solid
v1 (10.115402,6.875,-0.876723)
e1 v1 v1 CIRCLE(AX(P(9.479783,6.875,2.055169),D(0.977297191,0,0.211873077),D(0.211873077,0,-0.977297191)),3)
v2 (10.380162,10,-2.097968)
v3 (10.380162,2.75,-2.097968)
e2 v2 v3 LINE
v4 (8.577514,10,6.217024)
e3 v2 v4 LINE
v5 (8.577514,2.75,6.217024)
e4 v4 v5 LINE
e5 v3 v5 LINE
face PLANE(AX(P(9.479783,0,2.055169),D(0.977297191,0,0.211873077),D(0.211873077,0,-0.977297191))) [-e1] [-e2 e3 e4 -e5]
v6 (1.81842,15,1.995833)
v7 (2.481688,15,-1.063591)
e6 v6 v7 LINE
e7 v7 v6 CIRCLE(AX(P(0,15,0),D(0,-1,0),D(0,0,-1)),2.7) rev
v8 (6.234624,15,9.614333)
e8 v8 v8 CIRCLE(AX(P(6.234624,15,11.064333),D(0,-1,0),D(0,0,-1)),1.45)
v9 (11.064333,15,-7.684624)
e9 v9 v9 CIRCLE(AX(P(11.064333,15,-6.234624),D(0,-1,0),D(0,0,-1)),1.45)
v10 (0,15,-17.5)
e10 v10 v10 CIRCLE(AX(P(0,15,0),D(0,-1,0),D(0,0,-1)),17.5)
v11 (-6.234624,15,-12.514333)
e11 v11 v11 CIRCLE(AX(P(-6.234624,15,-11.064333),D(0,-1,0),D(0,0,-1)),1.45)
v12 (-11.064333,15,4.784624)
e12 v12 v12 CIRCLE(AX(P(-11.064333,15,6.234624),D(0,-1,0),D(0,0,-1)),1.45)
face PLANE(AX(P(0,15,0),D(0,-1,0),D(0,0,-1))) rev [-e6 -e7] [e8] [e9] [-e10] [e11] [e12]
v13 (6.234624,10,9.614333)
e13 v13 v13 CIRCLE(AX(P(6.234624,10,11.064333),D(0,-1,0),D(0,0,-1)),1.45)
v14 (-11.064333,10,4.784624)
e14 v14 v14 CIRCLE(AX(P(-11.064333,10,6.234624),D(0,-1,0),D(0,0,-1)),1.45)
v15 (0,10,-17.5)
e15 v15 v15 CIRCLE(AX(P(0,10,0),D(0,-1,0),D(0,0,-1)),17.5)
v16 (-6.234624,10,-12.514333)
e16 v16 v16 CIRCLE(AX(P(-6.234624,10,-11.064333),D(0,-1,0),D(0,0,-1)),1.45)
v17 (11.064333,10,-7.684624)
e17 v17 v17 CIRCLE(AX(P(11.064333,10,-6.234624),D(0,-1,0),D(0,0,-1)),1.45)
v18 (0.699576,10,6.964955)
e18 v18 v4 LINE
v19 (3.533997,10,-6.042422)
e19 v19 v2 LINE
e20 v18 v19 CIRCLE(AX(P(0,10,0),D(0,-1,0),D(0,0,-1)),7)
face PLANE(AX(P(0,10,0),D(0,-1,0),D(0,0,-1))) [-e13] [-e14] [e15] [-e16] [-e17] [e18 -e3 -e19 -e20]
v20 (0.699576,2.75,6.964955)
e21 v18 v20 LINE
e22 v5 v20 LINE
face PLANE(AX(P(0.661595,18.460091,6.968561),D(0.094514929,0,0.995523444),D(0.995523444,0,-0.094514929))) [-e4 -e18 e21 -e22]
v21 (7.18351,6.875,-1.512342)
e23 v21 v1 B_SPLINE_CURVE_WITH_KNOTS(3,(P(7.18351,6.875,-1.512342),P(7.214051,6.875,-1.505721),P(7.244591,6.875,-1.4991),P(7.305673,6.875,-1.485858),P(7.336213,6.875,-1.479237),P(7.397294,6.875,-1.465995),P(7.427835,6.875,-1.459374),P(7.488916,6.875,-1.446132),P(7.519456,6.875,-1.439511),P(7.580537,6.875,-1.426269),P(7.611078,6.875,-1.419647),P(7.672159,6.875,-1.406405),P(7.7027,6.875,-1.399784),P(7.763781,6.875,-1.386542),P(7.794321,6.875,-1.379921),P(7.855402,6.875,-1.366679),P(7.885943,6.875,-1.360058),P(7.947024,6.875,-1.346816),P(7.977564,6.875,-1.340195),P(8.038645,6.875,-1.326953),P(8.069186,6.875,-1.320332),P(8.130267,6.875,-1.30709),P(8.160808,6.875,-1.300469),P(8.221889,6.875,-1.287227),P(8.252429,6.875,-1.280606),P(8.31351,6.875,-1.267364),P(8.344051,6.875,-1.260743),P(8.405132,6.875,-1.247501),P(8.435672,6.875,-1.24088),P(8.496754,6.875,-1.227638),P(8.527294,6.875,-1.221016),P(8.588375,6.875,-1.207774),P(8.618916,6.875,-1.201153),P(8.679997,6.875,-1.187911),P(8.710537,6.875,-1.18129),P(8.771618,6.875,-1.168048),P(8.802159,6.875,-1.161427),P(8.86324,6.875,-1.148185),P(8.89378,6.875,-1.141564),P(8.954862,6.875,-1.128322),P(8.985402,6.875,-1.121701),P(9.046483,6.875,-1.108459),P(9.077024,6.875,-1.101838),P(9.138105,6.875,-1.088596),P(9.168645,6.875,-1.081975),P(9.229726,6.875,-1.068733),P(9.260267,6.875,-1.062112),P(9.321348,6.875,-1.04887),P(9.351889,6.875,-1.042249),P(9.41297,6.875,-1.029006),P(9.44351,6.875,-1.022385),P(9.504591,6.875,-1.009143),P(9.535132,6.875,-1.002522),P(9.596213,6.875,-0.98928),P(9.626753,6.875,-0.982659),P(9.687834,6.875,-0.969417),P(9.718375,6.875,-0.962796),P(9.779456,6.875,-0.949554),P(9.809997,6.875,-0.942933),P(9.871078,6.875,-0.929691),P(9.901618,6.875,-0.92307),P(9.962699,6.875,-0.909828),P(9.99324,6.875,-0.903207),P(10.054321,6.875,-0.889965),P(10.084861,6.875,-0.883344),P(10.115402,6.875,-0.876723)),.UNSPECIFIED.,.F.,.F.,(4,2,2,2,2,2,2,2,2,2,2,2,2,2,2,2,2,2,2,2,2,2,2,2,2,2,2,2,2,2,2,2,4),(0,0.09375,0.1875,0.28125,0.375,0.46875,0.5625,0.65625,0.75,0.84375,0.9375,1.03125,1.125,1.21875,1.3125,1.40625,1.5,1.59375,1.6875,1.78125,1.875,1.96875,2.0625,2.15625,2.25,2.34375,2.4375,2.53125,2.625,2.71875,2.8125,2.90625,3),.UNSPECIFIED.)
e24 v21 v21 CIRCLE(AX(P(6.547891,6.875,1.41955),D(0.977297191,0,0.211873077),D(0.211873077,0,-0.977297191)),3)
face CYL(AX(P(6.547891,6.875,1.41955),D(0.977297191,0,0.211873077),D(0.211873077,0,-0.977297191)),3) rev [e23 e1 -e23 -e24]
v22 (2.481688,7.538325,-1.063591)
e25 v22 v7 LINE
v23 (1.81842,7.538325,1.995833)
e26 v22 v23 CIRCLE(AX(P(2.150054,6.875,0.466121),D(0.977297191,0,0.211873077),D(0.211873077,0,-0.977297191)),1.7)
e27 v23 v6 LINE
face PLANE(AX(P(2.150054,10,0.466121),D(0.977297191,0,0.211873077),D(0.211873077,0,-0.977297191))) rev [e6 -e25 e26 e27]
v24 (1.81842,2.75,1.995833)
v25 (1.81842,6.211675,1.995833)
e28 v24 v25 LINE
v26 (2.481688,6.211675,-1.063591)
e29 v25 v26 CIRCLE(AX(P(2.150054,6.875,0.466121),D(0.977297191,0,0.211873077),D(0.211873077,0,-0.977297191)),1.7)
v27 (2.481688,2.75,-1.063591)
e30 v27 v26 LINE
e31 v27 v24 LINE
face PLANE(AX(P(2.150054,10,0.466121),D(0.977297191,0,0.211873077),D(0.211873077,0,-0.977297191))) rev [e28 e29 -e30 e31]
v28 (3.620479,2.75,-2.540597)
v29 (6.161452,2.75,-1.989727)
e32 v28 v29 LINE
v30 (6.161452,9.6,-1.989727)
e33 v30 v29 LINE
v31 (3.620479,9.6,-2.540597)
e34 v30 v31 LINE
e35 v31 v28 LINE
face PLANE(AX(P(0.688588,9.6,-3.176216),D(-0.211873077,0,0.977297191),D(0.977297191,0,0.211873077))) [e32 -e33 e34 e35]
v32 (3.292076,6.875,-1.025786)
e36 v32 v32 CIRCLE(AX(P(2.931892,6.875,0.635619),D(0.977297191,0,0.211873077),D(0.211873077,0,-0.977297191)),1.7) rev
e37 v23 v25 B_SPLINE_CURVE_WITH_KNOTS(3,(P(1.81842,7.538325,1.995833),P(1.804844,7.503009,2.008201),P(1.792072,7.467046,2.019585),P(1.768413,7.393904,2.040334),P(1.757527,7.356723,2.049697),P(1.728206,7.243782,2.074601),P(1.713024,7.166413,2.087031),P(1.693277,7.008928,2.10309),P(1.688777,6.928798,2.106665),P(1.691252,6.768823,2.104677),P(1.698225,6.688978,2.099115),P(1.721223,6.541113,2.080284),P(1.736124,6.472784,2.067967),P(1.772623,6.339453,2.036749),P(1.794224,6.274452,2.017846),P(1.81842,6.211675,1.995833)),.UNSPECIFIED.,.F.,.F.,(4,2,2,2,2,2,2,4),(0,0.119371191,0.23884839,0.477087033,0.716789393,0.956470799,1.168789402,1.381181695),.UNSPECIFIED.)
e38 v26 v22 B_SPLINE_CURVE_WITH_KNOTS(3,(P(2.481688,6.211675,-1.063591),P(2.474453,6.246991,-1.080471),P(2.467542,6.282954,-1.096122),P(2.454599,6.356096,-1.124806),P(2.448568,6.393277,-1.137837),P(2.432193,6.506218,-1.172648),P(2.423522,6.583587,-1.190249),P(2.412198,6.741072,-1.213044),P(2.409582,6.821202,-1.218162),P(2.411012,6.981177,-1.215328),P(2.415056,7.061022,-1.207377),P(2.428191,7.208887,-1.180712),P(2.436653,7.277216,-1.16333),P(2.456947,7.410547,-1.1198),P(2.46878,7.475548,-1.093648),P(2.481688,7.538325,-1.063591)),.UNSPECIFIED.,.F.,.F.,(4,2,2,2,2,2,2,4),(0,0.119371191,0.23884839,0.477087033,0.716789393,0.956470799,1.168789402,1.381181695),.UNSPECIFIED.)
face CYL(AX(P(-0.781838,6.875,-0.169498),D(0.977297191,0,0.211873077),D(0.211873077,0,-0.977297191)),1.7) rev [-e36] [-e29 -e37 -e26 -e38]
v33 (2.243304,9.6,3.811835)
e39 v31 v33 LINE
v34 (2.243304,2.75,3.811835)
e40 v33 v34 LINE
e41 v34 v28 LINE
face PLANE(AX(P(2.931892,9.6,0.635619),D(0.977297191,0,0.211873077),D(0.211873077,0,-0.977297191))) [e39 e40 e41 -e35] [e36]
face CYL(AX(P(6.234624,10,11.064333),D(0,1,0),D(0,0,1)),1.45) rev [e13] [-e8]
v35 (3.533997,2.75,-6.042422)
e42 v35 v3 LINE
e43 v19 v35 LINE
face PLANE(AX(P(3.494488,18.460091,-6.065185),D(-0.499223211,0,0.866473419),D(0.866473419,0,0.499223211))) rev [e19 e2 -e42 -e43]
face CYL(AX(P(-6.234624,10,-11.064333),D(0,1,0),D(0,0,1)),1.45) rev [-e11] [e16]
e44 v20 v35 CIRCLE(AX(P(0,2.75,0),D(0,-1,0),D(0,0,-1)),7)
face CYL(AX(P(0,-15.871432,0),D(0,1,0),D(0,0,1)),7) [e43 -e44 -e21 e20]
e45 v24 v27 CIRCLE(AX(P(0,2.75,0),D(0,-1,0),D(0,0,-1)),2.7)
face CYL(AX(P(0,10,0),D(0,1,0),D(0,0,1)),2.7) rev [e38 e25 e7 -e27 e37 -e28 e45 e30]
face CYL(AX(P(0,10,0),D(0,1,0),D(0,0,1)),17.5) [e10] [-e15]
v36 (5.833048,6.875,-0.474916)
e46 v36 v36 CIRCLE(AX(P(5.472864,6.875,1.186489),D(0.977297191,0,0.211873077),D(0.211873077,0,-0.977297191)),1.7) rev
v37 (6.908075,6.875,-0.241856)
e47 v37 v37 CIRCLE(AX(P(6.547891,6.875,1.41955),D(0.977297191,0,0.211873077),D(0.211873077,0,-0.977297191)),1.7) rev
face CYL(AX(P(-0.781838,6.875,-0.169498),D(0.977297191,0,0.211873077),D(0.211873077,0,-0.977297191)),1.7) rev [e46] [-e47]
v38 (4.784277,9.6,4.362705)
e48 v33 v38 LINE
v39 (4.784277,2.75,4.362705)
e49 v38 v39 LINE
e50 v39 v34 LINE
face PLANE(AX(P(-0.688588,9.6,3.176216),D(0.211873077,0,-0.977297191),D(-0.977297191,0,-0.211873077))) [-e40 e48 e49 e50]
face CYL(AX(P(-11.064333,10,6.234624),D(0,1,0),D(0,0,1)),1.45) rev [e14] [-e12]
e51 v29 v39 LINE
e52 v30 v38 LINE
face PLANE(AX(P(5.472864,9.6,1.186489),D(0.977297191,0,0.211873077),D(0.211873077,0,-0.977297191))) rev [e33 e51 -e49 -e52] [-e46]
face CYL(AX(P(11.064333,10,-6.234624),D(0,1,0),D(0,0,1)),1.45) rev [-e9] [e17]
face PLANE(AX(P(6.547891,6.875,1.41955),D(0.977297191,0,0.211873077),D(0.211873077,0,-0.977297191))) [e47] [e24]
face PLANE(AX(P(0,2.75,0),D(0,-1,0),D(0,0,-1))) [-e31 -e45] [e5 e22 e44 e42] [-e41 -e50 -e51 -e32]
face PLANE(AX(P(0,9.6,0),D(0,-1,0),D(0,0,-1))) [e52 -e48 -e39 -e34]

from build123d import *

# Parameters (mm, degrees)
SKETCH1_R           = 17.5
SKETCH1_R_2         = 1.45
BOSS_EXTRUDE1_DEPTH = 5
BOSS_EXTRUDE2_DEPTH = 6.25
CUT_EXTRUDE1_DEPTH  = 7
CUT_EXTRUDE2_DEPTH  = 5.85
BOSS_EXTRUDE3_START = 2
SKETCH5_W           = 6.504597346
SKETCH5_H           = 6.25
SKETCH5_R           = 1.7
BOSS_EXTRUDE3_DEPTH = 2
SKETCH6_R           = 3
CUT_EXTRUDE3_DEPTH  = 1.5
BOSS_EXTRUDE4_START = 1.5
SKETCH7_W           = 6.508151024
SKETCH7_H           = 6.25
SKETCH7_R           = 3
BOSS_EXTRUDE4_DEPTH = 1.5
BOSS_EXTRUDE5_START = -6.25
BOSS_EXTRUDE5_DEPTH = 6.25
BOSS_EXTRUDE6_DEPTH = 1


with BuildPart() as part:
    # Sketch1 → Boss-Extrude1 (new body)
    with BuildSketch(Plane.XZ.offset(-15)):
        with Locations(Location((0, 0, 0), (0, 0, 270))):
            Circle(SKETCH1_R)
        with Locations(Location((-6.234624063, -11.064332912, 0), (0, 0, 270))):
            Circle(SKETCH1_R_2, mode=Mode.SUBTRACT)
        with Locations(Location((11.064332912, -6.234624063, 0), (0, 0, 270))):
            Circle(SKETCH1_R_2, mode=Mode.SUBTRACT)
        with Locations(Location((-11.064332912, 6.234624063, 0), (0, 0, 270))):
            Circle(SKETCH1_R_2, mode=Mode.SUBTRACT)
        with BuildLine():
            ThreePointArc((2.481687642, -1.063591298), (-2.638702415, -0.572057308), (1.818419998, 1.995832837))
            Line((1.818419998, 1.995832837), (1.856473873, 1.82030348))
            Line((1.856473873, 1.82030348), (2.443633767, -0.888061941))
            Line((2.443633767, -0.888061941), (2.481687642, -1.063591298))
        make_face(mode=Mode.SUBTRACT)
        with Locations(Location((6.234624063, 11.064332912, 0), (0, 0, 270))):
            Circle(SKETCH1_R_2, mode=Mode.SUBTRACT)
    extrude(amount=BOSS_EXTRUDE1_DEPTH)

    # Sketch2 → Boss-Extrude2 (add)
    with BuildSketch(Plane.XZ.offset(-10)):
        with BuildLine():
            Line((6.747748589, -1.862226887), (6.059242583, 1.313613078))
            Line((6.059242583, 1.313613078), (5.370736577, 4.489453042))
            ThreePointArc((5.370736577, 4.489453042), (-5.837040783, 3.863800576), (-2.034603986, -6.697789682))
            ThreePointArc((-2.034603986, -6.697789682), (-1.550245392, -6.826180427), (-1.05794298, -6.919592232))
            ThreePointArc((-1.05794298, -6.919592232), (1.483111539, -6.841080336), (3.828542975, -5.860226846))
            ThreePointArc((3.828542975, -5.860226846), (4.323739448, -5.505022905), (4.786164678, -5.108094329))
            ThreePointArc((4.786164678, -5.108094329), (5.990968426, -3.620538264), (6.747748589, -1.862226887))
        make_face()
        with BuildLine():
            ThreePointArc((2.481687642, -1.063591298), (-2.638702415, -0.572057308), (1.818419998, 1.995832837))
            Line((1.818419998, 1.995832837), (2.481687642, -1.063591298))
        make_face(mode=Mode.SUBTRACT)
    extrude(amount=BOSS_EXTRUDE2_DEPTH)

    # Sketch3 → Cut-Extrude1 (cut)
    with BuildSketch(Plane(origin=(6.059242583, 0, 1.313613078), x_dir=(0.21187307702941563, 0, -0.9772971908432395), z_dir=(0.9772971908432395, 0, 0.21187307702941563))):
        with BuildLine():
            ThreePointArc((0, 8.575), (-1.7, 6.875), (0, 5.175))
            Line((0, 5.175), (0, 8.575))
        make_face()
        with BuildLine():
            Line((0, 8.575), (0, 5.175))
            ThreePointArc((0, 5.175), (1.202081528, 5.672918472), (1.7, 6.875))
            ThreePointArc((1.7, 6.875), (1.202081528, 8.077081528), (0, 8.575))
        make_face()
    extrude(amount=-CUT_EXTRUDE1_DEPTH, mode=Mode.SUBTRACT)

    # Sketch4 → Cut-Extrude2 (cut)
    with BuildSketch(Plane.XZ.offset(-3.75)):
        Polygon((3.620479073, -2.540596639), (4.793235702, -2.286348947), (6.161451769, -1.989726639), (4.784276768, 4.362705102), (2.243304072, 3.811835101), align=None)
    extrude(amount=-CUT_EXTRUDE2_DEPTH, mode=Mode.SUBTRACT)

    # Sketch5 → Boss-Extrude3 (add)
    with BuildSketch(Plane(origin=(6.059242583, 0, 1.313613078), x_dir=(0.21187307702941563, 0, -0.9772971908432395), z_dir=(0.9772971908432395, 0, 0.21187307702941563)).offset(BOSS_EXTRUDE3_START)):
        with Locations((-0.002683311, 6.875)):
            Rectangle(SKETCH5_W, SKETCH5_H)
        with Locations((0, 6.875)):
            Circle(SKETCH5_R, mode=Mode.SUBTRACT)
    extrude(amount=-BOSS_EXTRUDE3_DEPTH)

    # Sketch6 → Cut-Extrude3 (cut)
    with BuildSketch(Plane(origin=(8.013836965, 0, 1.737359232), x_dir=(0.21187307702941569, 0, -0.9772971908432395), z_dir=(0.9772971908432395, 0, 0.21187307702941569))):
        with Locations((0, 6.875)):
            Circle(SKETCH6_R)
    extrude(amount=-CUT_EXTRUDE3_DEPTH, mode=Mode.SUBTRACT)

    # Sketch7 → Boss-Extrude4 (add)
    with BuildSketch(Plane(origin=(8.013836965, 0, 1.737359232), x_dir=(0.21187307702941569, 0, -0.9772971908432395), z_dir=(0.9772971908432395, 0, 0.21187307702941569)).offset(BOSS_EXTRUDE4_START)):
        with Locations((-0.00446015, 6.875)):
            Rectangle(SKETCH7_W, SKETCH7_H)
        with Locations((0, 6.875)):
            Circle(SKETCH7_R, mode=Mode.SUBTRACT)
    extrude(amount=-BOSS_EXTRUDE4_DEPTH)

    # Sketch8 → Boss-Extrude5 (add)
    with BuildSketch(Plane.XZ.offset(-3.75).offset(BOSS_EXTRUDE5_START)):
        with BuildLine():
            Line((8.789386774, 5.239726596), (8.577513697, 6.217023787))
            Line((8.577513697, 6.217023787), (0.69957596, 6.964954664))
            ThreePointArc((0.69957596, 6.964954664), (3.27783475, 6.185127271), (5.370736577, 4.489453042))
            Line((5.370736577, 4.489453042), (5.369599535, 4.494697826))
            Line((5.369599535, 4.494697826), (7.324193916, 4.91844398))
            Line((7.324193916, 4.91844398), (7.323440988, 4.921916981))
            Line((7.323440988, 4.921916981), (8.789386774, 5.239726596))
        make_face()
        with BuildLine():
            ThreePointArc((6.747748589, -1.862226887), (5.549511662, -4.266488053), (3.533996626, -6.042422349))
            Line((3.533996626, -6.042422349), (10.380161834, -2.097968308))
            Line((10.380161834, -2.097968308), (10.168288757, -1.120671117))
            Line((10.168288757, -1.120671117), (6.747748589, -1.862226887))
        make_face()
    extrude(amount=BOSS_EXTRUDE5_DEPTH)

    # Sketch10 → Boss-Extrude6 (add)
    with BuildSketch(Plane.XZ.offset(-3.75)):
        with BuildLine():
            Line((8.577513697, 6.217023787), (0.69957596, 6.964954664))
            ThreePointArc((0.69957596, 6.964954664), (-6.839499134, -1.490386391), (3.533996626, -6.042422349))
            Line((3.533996626, -6.042422349), (10.380161834, -2.097968308))
            Line((10.380161834, -2.097968308), (8.577513697, 6.217023787))
        make_face()
        Polygon((6.161451769, -1.989726639), (3.620479073, -2.540596639), (2.243304072, 3.811835101), (4.784276768, 4.362705102), align=None, mode=Mode.SUBTRACT)
        with BuildLine():
            Line((1.818419998, 1.995832837), (2.481687642, -1.063591298))
            ThreePointArc((2.481687642, -1.063591298), (-2.638702415, -0.572057308), (1.818419998, 1.995832837))
        make_face(mode=Mode.SUBTRACT)
    extrude(amount=BOSS_EXTRUDE6_DEPTH)


solid = part.part
